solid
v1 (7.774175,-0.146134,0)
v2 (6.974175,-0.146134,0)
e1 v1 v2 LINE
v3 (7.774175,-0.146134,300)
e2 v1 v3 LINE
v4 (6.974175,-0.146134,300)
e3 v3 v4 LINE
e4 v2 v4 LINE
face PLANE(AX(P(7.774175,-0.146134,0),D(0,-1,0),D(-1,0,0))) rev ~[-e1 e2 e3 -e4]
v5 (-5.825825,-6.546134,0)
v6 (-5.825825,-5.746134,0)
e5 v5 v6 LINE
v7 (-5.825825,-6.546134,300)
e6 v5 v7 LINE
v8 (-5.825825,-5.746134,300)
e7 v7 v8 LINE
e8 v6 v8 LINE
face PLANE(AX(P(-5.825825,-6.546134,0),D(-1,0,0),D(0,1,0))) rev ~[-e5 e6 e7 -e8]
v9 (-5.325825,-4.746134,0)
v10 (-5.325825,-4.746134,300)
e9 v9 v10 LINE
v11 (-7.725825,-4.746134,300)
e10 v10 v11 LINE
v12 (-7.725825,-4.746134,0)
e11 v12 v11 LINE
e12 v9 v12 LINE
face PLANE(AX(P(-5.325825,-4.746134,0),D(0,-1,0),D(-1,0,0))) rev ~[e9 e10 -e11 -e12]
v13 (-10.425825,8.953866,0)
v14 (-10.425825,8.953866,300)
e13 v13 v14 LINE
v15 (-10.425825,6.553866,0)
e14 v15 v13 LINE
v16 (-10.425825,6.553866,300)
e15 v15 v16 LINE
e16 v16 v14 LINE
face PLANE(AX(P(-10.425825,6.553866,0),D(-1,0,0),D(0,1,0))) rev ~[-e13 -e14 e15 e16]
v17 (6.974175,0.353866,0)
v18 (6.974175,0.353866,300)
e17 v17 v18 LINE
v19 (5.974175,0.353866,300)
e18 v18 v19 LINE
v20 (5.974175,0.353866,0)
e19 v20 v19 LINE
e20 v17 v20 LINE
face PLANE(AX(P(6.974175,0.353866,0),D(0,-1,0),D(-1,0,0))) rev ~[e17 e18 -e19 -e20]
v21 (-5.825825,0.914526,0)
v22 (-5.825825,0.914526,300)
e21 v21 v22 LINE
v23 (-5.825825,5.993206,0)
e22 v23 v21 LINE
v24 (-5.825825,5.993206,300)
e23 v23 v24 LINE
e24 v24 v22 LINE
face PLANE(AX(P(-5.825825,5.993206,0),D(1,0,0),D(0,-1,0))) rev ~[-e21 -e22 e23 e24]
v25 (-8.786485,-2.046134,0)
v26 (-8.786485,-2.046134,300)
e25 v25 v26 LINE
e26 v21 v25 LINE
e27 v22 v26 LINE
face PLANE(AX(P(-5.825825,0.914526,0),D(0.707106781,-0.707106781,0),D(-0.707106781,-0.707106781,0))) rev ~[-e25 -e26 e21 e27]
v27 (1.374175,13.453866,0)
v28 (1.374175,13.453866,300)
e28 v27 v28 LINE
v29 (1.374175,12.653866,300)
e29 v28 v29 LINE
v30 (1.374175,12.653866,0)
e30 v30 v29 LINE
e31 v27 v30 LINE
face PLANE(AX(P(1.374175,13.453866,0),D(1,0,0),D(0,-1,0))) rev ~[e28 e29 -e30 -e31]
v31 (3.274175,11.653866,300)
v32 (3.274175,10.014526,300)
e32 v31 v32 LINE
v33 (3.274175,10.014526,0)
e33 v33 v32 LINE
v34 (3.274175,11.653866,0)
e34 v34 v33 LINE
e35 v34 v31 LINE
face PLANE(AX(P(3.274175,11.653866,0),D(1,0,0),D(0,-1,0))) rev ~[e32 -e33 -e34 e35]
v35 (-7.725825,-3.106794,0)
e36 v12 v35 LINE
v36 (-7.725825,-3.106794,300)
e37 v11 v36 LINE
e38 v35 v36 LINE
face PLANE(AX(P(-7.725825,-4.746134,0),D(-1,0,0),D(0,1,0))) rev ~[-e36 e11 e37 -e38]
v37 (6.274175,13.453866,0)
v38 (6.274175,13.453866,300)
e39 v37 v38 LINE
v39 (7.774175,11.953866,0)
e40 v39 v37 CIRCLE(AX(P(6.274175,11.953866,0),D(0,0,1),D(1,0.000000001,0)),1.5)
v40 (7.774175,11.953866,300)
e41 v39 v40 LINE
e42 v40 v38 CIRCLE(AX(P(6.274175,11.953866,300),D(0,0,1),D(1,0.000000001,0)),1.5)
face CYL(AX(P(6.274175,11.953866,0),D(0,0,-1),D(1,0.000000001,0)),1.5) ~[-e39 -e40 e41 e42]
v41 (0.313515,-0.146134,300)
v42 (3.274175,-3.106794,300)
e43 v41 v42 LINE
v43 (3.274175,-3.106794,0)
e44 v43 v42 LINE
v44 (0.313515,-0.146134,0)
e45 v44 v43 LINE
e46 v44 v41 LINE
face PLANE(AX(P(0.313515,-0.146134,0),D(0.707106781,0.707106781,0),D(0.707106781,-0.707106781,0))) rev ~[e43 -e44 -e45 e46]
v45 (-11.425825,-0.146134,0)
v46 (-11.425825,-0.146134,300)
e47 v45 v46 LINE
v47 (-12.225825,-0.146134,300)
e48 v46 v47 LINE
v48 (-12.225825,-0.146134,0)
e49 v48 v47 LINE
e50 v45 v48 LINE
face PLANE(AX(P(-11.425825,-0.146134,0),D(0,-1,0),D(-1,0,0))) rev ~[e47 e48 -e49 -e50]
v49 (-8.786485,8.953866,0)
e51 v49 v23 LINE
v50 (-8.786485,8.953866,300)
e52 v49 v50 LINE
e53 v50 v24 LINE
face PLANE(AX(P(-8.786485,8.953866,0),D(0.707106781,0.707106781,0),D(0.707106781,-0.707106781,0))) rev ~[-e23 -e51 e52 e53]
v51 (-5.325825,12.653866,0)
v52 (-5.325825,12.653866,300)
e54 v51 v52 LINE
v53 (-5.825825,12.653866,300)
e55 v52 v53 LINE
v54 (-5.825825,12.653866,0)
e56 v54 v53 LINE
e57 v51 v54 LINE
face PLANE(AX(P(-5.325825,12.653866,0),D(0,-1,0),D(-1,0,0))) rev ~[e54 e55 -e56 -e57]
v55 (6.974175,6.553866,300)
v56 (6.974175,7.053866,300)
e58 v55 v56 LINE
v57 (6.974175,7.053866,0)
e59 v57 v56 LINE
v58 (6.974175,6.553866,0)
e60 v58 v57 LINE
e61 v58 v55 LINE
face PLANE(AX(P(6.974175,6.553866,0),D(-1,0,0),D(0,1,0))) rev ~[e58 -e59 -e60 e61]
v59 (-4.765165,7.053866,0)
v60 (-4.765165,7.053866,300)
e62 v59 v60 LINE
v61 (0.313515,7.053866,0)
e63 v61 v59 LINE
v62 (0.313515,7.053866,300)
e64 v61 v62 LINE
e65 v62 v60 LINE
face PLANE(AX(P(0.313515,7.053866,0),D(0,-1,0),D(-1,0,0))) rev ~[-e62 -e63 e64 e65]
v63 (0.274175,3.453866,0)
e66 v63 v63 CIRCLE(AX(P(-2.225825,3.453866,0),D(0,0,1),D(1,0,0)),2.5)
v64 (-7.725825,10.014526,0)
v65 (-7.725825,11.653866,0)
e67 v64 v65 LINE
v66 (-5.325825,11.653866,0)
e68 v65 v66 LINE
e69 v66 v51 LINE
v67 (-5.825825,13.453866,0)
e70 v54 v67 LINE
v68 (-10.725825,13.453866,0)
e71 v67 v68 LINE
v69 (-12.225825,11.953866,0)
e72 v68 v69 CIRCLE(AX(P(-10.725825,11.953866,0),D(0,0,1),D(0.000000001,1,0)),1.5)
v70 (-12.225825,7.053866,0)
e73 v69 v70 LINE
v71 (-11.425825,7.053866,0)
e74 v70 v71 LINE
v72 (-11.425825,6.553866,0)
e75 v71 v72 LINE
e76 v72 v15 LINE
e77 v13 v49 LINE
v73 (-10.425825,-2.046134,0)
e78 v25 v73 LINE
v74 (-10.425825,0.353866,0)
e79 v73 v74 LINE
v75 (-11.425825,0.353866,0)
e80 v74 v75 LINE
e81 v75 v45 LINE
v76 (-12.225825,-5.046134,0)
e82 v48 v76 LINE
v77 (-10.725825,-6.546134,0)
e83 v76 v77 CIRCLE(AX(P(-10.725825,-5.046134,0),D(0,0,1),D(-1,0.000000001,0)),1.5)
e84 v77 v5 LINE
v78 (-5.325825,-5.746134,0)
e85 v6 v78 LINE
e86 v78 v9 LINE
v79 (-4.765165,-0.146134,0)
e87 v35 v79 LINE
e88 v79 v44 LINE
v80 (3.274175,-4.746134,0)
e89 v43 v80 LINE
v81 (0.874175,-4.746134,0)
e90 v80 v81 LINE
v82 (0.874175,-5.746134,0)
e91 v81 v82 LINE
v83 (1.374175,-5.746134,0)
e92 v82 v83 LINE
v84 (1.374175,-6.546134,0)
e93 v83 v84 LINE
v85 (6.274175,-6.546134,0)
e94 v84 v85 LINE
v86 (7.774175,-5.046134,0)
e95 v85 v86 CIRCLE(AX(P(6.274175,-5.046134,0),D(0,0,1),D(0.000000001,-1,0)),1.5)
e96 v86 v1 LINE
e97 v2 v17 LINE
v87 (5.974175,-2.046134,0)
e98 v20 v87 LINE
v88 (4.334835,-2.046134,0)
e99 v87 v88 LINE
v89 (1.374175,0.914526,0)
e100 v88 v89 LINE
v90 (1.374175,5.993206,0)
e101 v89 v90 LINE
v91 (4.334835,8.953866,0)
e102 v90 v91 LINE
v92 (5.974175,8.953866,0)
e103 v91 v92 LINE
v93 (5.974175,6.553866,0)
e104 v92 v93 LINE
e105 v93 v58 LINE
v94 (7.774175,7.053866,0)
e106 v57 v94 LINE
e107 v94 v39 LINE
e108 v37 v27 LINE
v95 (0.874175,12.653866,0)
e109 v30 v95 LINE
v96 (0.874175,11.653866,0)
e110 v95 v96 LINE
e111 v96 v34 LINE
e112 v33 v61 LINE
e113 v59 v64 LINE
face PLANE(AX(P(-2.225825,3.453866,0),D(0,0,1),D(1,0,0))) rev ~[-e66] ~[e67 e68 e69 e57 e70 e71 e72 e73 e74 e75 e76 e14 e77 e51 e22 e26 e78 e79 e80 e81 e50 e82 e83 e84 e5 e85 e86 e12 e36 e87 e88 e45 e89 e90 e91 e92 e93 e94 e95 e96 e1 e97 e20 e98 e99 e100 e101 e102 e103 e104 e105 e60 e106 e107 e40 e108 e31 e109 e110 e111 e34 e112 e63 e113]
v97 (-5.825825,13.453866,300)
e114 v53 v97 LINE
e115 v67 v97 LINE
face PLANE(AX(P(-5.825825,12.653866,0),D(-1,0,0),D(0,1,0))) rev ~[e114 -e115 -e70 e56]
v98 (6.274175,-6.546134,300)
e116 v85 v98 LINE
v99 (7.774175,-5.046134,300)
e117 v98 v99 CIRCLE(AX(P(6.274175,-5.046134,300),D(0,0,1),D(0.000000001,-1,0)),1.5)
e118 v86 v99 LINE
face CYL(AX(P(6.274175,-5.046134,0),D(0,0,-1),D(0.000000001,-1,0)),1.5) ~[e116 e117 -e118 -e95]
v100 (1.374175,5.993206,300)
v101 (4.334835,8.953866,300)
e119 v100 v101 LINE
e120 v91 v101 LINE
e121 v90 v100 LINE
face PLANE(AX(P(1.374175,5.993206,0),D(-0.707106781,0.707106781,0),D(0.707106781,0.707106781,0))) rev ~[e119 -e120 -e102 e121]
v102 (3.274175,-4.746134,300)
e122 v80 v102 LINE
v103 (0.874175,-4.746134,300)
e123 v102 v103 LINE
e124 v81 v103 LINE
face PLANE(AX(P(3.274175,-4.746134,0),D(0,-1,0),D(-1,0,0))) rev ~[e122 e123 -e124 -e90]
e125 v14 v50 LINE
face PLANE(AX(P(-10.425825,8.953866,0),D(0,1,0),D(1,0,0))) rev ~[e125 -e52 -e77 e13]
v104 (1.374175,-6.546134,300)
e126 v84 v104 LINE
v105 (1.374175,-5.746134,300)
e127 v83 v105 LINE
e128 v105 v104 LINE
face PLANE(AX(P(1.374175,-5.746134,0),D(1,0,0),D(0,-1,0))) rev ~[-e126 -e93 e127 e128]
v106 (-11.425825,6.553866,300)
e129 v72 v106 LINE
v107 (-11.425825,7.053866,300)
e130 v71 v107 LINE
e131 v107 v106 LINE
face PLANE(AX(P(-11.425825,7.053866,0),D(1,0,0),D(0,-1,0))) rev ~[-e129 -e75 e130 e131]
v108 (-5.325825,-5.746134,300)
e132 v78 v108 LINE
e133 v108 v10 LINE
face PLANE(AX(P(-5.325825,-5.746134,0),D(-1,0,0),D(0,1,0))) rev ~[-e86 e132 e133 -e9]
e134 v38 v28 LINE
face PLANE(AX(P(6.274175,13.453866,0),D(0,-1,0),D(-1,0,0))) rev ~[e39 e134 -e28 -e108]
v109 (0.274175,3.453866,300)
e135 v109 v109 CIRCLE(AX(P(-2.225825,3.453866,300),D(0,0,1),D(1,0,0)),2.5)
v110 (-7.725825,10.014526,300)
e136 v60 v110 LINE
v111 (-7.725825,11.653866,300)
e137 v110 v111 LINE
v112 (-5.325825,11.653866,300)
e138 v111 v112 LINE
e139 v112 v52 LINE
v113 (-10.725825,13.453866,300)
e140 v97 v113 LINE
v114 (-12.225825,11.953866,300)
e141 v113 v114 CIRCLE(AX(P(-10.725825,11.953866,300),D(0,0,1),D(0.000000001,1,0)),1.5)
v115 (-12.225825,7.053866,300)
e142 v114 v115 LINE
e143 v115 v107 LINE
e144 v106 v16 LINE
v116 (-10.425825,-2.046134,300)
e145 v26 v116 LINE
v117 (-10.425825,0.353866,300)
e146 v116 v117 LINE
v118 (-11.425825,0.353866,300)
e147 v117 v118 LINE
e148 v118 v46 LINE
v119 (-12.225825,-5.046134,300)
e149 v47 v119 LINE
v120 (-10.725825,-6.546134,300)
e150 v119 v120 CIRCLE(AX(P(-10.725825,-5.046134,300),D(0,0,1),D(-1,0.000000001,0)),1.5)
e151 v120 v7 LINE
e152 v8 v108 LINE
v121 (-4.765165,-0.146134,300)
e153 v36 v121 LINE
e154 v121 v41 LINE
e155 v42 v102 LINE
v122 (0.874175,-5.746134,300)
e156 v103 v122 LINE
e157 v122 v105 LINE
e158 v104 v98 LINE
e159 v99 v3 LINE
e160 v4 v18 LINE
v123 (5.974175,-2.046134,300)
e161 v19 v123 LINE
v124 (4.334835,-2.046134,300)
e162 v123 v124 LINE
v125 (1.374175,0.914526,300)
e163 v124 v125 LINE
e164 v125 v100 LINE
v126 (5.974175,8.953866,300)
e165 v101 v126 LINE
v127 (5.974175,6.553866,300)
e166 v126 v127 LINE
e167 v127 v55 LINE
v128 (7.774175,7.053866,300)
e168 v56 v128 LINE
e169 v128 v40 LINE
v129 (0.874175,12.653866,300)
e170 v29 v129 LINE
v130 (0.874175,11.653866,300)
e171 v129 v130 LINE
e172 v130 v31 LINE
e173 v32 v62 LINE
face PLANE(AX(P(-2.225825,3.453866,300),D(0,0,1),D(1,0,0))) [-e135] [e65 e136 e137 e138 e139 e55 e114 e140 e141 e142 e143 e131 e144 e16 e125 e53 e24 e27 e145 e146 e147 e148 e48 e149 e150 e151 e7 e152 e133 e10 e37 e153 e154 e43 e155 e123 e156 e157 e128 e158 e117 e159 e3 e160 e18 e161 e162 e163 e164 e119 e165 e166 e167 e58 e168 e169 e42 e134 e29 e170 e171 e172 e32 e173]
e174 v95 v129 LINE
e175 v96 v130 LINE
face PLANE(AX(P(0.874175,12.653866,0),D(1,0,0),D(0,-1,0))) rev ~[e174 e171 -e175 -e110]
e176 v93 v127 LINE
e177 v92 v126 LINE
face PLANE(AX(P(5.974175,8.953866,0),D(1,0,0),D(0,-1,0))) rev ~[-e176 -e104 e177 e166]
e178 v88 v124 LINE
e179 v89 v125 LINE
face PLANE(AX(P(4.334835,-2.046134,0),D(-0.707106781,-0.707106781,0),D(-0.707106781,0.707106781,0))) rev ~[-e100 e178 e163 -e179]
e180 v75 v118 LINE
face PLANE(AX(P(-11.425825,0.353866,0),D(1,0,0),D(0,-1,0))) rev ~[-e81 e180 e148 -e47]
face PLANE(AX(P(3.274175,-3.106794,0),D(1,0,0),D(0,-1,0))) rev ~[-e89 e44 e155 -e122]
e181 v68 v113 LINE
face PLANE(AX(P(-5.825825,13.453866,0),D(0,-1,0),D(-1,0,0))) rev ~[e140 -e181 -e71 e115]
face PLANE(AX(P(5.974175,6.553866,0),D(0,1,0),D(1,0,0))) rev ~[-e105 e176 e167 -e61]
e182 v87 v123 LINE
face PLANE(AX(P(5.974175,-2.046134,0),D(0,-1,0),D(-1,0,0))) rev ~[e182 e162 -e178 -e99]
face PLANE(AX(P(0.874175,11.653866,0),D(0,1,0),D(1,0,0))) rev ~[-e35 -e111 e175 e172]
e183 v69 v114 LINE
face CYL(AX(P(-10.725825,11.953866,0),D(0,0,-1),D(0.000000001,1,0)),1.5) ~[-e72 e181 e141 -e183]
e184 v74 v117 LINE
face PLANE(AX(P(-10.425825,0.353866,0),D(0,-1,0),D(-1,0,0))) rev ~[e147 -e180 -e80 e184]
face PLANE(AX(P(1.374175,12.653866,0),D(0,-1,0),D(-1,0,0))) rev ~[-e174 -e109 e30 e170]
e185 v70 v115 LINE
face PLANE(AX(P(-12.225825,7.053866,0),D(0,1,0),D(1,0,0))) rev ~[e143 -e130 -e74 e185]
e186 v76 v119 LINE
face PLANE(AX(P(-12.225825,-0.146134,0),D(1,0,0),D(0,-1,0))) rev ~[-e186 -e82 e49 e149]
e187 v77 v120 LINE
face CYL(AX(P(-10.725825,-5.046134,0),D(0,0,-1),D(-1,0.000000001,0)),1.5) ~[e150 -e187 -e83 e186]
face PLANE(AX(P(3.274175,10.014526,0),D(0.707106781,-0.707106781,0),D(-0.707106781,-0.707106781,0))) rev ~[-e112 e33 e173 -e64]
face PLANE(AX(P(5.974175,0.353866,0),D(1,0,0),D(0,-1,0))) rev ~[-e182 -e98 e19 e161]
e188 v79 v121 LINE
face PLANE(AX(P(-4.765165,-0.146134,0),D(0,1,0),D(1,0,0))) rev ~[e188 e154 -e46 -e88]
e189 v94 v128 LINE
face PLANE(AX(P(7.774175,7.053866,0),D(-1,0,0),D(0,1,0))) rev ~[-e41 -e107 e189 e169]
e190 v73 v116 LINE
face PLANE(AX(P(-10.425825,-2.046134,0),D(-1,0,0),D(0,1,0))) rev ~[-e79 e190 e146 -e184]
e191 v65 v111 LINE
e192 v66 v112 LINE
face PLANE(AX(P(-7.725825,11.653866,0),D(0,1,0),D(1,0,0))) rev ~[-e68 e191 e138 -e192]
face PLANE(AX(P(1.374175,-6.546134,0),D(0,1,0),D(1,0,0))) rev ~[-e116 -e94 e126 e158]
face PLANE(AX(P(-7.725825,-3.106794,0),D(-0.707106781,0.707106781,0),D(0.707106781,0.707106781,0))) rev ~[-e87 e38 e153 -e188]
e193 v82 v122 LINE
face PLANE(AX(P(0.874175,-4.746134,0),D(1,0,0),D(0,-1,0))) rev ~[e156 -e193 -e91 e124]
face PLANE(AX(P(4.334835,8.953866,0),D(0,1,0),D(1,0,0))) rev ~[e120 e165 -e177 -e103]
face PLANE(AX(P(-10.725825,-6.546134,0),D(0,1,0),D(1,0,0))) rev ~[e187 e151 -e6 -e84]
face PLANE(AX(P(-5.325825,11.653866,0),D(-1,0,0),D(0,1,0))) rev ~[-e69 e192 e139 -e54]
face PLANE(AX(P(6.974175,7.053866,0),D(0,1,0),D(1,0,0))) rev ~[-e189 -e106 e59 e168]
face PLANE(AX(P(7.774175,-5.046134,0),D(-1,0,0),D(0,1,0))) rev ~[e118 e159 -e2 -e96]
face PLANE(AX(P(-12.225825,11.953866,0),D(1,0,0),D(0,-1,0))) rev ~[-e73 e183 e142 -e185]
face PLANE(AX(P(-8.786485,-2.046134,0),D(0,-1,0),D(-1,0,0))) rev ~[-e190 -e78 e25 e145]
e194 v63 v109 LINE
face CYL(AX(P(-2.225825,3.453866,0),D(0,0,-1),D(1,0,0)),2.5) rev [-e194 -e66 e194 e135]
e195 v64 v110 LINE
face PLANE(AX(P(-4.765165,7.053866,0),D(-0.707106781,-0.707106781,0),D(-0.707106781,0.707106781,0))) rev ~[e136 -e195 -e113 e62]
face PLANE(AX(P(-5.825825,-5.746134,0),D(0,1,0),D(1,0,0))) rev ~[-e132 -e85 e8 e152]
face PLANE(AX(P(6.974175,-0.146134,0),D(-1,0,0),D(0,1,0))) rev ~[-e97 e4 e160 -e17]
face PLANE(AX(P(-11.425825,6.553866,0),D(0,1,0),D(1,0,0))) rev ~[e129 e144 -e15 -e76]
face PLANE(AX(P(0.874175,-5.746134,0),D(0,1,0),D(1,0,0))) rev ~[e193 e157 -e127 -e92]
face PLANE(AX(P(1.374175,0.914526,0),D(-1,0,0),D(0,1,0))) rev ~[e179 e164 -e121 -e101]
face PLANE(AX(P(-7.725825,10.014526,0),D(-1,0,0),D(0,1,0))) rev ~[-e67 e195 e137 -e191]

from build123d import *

# Parameters (mm, degrees)
SKETCH_2_R      = 2.5
EXTRUDE_1_DEPTH = 300


with BuildPart() as part:
    # 草图2 → 凸台-拉伸1 (new body)
    with BuildSketch(Plane.XY):
        with BuildLine():
            Line((-5.825824942, 5.993206118), (-5.825824942, 0.914526462))
            Line((-5.825824942, 0.914526462), (-8.786485114, -2.04613371))
            Line((-8.786485114, -2.04613371), (-10.425824942, -2.04613371))
            Line((-10.425824942, -2.04613371), (-10.425824942, 0.35386629))
            Line((-10.425824942, 0.35386629), (-11.425824942, 0.35386629))
            Line((-11.425824942, 0.35386629), (-11.425824942, -0.14613371))
            Line((-11.425824942, -0.14613371), (-12.225824942, -0.14613371))
            Line((-12.225824942, -0.14613371), (-12.225824942, -5.04613371))
            ThreePointArc((-12.225824942, -5.04613371), (-11.786485114, -6.106793882), (-10.725824942, -6.54613371))
            Line((-10.725824942, -6.54613371), (-5.825824942, -6.54613371))
            Line((-5.825824942, -6.54613371), (-5.825824942, -5.74613371))
            Line((-5.825824942, -5.74613371), (-5.325824942, -5.74613371))
            Line((-5.325824942, -5.74613371), (-5.325824942, -4.74613371))
            Line((-5.325824942, -4.74613371), (-7.725824942, -4.74613371))
            Line((-7.725824942, -4.74613371), (-7.725824942, -3.106793882))
            Line((-7.725824942, -3.106793882), (-4.765164771, -0.14613371))
            Line((-4.765164771, -0.14613371), (0.313514886, -0.14613371))
            Line((0.313514886, -0.14613371), (3.274175058, -3.106793882))
            Line((3.274175058, -3.106793882), (3.274175058, -4.74613371))
            Line((3.274175058, -4.74613371), (0.874175058, -4.74613371))
            Line((0.874175058, -4.74613371), (0.874175058, -5.74613371))
            Line((0.874175058, -5.74613371), (1.374175058, -5.74613371))
            Line((1.374175058, -5.74613371), (1.374175058, -6.54613371))
            Line((1.374175058, -6.54613371), (6.274175058, -6.54613371))
            ThreePointArc((6.274175058, -6.54613371), (7.334835229, -6.106793882), (7.774175058, -5.04613371))
            Line((7.774175058, -5.04613371), (7.774175058, -0.14613371))
            Line((7.774175058, -0.14613371), (6.974175058, -0.14613371))
            Line((6.974175058, -0.14613371), (6.974175058, 0.35386629))
            Line((6.974175058, 0.35386629), (5.974175058, 0.35386629))
            Line((5.974175058, 0.35386629), (5.974175058, -2.04613371))
            Line((5.974175058, -2.04613371), (4.334835229, -2.04613371))
            Line((4.334835229, -2.04613371), (1.374175058, 0.914526462))
            Line((1.374175058, 0.914526462), (1.374175058, 5.993206118))
            Line((1.374175058, 5.993206118), (4.334835229, 8.95386629))
            Line((4.334835229, 8.95386629), (5.974175058, 8.95386629))
            Line((5.974175058, 8.95386629), (5.974175058, 6.55386629))
            Line((5.974175058, 6.55386629), (6.974175058, 6.55386629))
            Line((6.974175058, 6.55386629), (6.974175058, 7.05386629))
            Line((6.974175058, 7.05386629), (7.774175058, 7.05386629))
            Line((7.774175058, 7.05386629), (7.774175058, 11.95386629))
            ThreePointArc((7.774175058, 11.95386629), (7.334835229, 13.014526462), (6.274175058, 13.45386629))
            Line((6.274175058, 13.45386629), (1.374175058, 13.45386629))
            Line((1.374175058, 13.45386629), (1.374175058, 12.65386629))
            Line((1.374175058, 12.65386629), (0.874175058, 12.65386629))
            Line((0.874175058, 12.65386629), (0.874175058, 11.65386629))
            Line((0.874175058, 11.65386629), (3.274175058, 11.65386629))
            Line((3.274175058, 11.65386629), (3.274175058, 10.014526462))
            Line((3.274175058, 10.014526462), (0.313514886, 7.05386629))
            Line((0.313514886, 7.05386629), (-4.765164771, 7.05386629))
            Line((-4.765164771, 7.05386629), (-7.725824942, 10.014526462))
            Line((-7.725824942, 10.014526462), (-7.725824942, 11.65386629))
            Line((-7.725824942, 11.65386629), (-5.325824942, 11.65386629))
            Line((-5.325824942, 11.65386629), (-5.325824942, 12.65386629))
            Line((-5.325824942, 12.65386629), (-5.825824942, 12.65386629))
            Line((-5.825824942, 12.65386629), (-5.825824942, 13.45386629))
            Line((-5.825824942, 13.45386629), (-10.725824942, 13.45386629))
            ThreePointArc((-10.725824942, 13.45386629), (-11.786485114, 13.014526462), (-12.225824942, 11.95386629))
            Line((-12.225824942, 11.95386629), (-12.225824942, 7.05386629))
            Line((-12.225824942, 7.05386629), (-11.425824942, 7.05386629))
            Line((-11.425824942, 7.05386629), (-11.425824942, 6.55386629))
            Line((-11.425824942, 6.55386629), (-10.425824942, 6.55386629))
            Line((-10.425824942, 6.55386629), (-10.425824942, 8.95386629))
            Line((-10.425824942, 8.95386629), (-8.786485114, 8.95386629))
            Line((-8.786485114, 8.95386629), (-5.825824942, 5.993206118))
        make_face()
        with Locations((-2.225824942, 3.45386629)):
            Circle(SKETCH_2_R, mode=Mode.SUBTRACT)
    extrude(amount=EXTRUDE_1_DEPTH)


solid = part.part
